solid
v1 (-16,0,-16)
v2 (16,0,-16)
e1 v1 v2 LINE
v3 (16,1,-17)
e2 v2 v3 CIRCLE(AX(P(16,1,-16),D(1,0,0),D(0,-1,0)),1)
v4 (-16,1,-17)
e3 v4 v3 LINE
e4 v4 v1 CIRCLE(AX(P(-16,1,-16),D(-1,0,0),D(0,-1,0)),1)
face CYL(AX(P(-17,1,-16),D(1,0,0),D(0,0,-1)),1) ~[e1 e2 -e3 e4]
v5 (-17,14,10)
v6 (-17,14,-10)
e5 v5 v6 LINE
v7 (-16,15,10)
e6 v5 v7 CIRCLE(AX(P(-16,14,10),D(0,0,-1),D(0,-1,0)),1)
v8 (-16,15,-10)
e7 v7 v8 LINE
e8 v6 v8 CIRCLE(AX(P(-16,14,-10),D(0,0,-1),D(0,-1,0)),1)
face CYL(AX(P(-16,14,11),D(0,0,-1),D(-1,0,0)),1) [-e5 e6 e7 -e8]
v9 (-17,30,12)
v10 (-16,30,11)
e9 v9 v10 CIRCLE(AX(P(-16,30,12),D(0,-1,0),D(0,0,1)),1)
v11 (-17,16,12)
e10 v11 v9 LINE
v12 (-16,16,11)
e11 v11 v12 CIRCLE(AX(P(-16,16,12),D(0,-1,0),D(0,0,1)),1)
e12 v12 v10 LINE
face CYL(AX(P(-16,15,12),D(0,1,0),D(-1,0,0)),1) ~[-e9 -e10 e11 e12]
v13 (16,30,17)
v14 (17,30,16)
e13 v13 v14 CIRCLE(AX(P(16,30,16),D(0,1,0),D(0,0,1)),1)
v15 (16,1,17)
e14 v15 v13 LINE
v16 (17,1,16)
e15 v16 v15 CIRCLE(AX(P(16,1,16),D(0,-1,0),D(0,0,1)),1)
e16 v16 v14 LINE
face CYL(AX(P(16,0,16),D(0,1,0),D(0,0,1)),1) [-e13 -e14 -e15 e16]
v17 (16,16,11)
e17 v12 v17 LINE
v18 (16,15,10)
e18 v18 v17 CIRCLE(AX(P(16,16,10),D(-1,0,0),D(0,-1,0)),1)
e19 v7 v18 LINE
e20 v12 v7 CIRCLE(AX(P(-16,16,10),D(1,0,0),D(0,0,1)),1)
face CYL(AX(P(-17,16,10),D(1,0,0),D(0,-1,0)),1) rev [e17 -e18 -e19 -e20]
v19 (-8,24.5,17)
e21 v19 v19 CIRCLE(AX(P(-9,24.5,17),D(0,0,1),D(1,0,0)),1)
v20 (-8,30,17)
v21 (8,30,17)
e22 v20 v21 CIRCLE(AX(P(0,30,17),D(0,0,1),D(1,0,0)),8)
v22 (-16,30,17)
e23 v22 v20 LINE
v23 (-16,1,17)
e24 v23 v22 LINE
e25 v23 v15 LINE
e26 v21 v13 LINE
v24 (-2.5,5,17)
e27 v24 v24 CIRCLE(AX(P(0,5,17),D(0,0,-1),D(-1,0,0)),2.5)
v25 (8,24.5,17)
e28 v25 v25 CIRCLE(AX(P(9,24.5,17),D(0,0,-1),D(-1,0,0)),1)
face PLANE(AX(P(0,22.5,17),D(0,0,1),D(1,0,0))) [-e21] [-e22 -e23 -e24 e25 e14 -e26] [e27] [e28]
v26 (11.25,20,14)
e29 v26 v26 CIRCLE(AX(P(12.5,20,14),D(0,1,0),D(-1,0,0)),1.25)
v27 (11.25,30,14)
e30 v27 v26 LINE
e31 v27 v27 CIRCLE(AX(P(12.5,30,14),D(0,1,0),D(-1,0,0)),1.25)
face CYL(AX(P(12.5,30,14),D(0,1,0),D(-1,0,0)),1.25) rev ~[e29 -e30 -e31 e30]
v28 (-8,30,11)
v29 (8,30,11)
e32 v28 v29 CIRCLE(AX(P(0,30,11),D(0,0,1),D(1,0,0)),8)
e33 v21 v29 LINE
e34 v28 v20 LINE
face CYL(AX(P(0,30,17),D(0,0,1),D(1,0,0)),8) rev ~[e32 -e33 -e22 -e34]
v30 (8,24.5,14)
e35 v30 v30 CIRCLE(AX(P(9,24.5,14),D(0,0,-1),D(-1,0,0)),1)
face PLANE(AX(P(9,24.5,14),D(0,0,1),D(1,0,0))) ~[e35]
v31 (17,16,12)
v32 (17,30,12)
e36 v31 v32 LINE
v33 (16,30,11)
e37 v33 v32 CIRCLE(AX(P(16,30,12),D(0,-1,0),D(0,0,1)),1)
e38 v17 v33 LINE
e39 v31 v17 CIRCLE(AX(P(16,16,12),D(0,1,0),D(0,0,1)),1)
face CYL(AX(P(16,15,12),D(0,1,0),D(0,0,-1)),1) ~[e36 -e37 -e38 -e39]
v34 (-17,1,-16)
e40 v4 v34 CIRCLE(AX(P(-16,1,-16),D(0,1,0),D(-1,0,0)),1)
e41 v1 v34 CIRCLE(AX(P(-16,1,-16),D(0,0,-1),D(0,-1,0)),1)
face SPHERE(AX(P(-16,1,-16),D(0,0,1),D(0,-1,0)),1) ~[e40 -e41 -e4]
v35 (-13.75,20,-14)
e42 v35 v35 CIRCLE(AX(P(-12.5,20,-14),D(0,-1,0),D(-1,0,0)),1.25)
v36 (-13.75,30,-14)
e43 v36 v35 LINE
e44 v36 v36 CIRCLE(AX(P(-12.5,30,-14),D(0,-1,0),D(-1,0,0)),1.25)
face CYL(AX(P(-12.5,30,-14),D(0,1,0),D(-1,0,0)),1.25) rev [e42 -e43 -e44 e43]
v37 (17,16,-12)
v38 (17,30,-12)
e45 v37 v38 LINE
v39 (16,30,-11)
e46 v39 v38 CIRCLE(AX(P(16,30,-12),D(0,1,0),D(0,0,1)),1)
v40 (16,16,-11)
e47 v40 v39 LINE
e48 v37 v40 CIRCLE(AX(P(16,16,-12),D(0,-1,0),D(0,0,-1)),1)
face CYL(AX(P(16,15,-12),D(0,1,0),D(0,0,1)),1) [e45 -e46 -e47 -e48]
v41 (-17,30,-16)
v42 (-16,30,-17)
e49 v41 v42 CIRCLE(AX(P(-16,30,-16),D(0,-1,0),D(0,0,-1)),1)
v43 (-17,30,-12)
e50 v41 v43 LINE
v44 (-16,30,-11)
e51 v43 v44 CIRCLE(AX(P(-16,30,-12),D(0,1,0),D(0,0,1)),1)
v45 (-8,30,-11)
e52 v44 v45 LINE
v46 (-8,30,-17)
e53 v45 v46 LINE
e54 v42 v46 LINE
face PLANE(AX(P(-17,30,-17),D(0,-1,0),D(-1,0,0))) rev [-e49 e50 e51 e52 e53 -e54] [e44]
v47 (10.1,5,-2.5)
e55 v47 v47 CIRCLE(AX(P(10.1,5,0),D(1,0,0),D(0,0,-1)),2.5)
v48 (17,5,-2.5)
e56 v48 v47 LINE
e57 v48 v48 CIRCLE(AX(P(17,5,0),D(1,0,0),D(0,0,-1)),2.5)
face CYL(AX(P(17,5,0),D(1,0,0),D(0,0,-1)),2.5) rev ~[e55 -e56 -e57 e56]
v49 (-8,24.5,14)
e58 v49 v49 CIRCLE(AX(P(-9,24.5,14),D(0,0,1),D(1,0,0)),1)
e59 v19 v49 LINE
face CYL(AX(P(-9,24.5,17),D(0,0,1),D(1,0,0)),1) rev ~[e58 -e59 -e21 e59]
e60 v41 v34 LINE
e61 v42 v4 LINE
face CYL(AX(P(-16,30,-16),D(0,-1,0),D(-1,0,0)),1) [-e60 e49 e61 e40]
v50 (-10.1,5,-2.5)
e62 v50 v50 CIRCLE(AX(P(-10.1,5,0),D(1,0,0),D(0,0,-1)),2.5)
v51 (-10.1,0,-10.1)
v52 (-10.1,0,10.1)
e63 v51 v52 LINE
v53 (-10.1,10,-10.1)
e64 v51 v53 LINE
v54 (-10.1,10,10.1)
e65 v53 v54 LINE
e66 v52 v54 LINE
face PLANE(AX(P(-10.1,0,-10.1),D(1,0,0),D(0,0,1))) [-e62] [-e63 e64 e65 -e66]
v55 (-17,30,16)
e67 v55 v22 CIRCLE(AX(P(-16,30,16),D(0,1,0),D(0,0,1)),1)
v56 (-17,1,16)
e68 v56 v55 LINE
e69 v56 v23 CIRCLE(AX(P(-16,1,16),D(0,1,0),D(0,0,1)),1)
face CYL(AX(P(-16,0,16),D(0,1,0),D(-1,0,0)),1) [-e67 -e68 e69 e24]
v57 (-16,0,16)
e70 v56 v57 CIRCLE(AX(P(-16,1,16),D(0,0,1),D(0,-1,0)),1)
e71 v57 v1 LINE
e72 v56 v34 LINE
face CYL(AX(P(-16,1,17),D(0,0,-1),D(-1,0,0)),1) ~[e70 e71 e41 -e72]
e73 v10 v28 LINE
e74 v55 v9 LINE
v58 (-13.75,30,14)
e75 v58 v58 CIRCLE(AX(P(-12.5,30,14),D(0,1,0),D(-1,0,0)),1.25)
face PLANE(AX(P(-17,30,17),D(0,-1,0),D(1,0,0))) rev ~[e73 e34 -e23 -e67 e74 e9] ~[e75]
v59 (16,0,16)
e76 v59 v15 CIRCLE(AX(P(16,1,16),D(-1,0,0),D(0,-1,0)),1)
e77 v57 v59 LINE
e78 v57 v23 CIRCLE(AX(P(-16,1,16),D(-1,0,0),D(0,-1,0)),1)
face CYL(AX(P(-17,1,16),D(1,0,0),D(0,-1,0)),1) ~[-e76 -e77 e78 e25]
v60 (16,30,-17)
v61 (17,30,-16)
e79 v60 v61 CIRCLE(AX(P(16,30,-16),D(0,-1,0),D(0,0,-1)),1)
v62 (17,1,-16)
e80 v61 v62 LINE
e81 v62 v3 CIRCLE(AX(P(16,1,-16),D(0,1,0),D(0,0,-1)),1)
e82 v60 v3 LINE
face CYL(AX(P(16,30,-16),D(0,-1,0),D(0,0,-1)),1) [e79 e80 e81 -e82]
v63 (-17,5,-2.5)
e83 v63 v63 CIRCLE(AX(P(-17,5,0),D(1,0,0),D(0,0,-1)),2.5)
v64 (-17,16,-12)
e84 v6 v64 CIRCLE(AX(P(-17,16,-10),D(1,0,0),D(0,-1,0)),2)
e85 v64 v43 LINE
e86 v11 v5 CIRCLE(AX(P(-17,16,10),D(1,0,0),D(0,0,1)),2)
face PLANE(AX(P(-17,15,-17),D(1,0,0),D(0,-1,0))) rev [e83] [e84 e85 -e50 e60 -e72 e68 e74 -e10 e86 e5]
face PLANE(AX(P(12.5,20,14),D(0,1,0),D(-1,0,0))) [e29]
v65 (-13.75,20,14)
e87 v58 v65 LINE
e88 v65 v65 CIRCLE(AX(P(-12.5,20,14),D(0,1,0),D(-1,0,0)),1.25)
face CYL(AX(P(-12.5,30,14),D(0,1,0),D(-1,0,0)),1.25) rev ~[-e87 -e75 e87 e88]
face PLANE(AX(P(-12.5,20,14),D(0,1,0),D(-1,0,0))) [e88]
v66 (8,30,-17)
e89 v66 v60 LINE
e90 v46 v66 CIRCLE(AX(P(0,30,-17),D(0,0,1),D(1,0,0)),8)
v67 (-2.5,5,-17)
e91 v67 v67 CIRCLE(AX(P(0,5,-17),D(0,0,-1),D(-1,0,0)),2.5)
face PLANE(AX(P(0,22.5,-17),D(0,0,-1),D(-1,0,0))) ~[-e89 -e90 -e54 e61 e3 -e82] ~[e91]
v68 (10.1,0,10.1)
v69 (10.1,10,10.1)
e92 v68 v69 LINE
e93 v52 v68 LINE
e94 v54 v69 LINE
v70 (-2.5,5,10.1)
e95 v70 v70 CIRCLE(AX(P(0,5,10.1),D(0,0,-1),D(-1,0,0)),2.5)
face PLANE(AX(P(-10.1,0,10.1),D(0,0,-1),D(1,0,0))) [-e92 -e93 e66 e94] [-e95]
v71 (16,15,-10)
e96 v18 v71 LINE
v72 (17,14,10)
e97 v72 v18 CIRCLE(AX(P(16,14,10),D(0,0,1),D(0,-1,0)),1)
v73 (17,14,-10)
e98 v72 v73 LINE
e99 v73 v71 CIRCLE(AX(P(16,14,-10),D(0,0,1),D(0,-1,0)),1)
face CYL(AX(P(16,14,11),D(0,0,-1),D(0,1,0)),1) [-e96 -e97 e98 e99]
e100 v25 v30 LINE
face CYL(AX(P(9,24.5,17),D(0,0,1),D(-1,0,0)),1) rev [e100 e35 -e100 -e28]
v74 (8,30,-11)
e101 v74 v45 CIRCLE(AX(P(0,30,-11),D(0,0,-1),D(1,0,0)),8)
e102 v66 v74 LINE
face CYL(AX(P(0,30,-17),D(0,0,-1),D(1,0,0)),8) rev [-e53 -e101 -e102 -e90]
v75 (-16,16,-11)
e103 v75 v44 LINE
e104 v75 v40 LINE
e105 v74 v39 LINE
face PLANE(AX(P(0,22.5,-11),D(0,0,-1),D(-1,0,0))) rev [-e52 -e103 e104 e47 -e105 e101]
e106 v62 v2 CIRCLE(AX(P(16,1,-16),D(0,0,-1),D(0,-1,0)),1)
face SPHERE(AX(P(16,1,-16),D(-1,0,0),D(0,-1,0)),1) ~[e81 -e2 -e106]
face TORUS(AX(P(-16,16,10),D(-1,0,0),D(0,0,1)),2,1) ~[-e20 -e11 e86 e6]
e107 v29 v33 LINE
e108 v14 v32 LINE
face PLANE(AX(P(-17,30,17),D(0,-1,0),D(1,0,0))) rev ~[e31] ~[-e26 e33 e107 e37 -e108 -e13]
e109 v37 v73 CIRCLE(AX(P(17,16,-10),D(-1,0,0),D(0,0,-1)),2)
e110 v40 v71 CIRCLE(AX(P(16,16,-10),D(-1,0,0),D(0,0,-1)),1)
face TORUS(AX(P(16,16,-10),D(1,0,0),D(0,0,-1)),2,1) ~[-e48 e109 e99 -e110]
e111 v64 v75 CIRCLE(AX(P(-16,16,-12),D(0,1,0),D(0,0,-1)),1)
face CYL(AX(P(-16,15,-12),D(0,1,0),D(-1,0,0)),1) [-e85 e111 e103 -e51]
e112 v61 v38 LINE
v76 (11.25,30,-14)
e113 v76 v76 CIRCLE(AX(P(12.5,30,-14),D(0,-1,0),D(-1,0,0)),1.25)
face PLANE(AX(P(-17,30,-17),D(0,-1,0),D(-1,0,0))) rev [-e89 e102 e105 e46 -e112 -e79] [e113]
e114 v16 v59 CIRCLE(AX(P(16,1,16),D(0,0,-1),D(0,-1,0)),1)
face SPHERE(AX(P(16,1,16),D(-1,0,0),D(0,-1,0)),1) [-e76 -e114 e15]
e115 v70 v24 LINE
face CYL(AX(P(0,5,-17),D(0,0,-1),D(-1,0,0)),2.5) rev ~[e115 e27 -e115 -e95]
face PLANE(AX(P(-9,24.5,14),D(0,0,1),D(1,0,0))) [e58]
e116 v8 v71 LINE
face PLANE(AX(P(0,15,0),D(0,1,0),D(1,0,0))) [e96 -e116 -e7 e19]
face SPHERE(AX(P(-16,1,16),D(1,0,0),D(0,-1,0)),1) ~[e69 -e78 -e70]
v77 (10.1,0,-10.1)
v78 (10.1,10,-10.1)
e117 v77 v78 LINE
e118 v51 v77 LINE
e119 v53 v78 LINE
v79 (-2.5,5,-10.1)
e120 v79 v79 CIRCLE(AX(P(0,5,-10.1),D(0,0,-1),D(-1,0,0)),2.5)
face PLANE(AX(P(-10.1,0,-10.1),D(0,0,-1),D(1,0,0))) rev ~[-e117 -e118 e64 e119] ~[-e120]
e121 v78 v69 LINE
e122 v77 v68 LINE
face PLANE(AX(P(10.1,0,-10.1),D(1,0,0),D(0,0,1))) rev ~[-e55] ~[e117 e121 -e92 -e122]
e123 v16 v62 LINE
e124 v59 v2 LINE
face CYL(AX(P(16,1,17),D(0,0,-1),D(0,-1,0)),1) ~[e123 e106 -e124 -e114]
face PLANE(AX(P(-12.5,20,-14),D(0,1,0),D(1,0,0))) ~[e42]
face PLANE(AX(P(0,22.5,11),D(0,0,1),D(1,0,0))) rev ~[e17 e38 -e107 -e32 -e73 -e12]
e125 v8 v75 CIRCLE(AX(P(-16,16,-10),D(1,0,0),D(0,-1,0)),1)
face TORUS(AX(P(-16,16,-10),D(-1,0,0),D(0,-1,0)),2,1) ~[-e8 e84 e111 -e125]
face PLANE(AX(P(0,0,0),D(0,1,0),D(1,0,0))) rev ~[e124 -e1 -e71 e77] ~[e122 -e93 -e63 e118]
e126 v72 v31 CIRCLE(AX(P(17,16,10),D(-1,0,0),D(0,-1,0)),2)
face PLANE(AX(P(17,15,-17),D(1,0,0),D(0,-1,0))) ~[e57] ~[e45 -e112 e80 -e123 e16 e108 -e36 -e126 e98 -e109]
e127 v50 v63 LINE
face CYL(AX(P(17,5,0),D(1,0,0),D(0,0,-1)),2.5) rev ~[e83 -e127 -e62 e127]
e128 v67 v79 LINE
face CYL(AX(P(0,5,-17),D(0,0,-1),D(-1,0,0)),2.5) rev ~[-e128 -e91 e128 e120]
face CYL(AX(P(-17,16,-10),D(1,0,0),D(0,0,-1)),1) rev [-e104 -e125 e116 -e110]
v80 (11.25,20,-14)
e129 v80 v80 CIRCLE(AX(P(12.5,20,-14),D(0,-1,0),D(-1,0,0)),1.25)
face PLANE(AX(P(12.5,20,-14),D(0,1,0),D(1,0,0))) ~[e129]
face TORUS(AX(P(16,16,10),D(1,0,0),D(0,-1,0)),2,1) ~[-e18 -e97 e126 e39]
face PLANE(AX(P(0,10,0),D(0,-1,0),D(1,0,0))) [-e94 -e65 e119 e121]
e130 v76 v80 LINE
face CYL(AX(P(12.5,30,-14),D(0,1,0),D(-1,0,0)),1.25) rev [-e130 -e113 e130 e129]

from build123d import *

# Parameters (mm, degrees)
SKETCH1_W           = 34
SKETCH1_H           = 34
BOSS_EXTRUDE1_DEPTH = 15
SKETCH2_W           = 20.2
SKETCH2_H           = 20.2
CUT_EXTRUDE1_DEPTH  = 10
SKETCH4_W           = 34
SKETCH4_H           = 15
BOSS_EXTRUDE2_DEPTH = 6
SKETCH7_R           = 8
CUT_EXTRUDE4_DEPTH  = 49.425200051
SKETCH17_R          = 1.25
CUT_EXTRUDE10_DEPTH = 10
SKETCH15_R          = 2.5
CUT_EXTRUDE8_DEPTH  = 49.425200051
SKETCH16_R          = 2.5
CUT_EXTRUDE9_DEPTH  = 49.425200051
FILLET2_R           = 1
SKETCH19_R          = 1
CUT_EXTRUDE12_DEPTH = 3


with BuildPart() as part:
    # Sketch1 → Boss-Extrude1 (new body)
    with BuildSketch(Plane(origin=(0, 0, 0), x_dir=(1, 0, 0), z_dir=(0, 1, 0))):
        Rectangle(SKETCH1_W, SKETCH1_H)
    extrude(amount=BOSS_EXTRUDE1_DEPTH)

    # Sketch2 → Cut-Extrude1 (cut)
    with BuildSketch(Plane.XZ):
        Rectangle(SKETCH2_W, SKETCH2_H)
    extrude(amount=-CUT_EXTRUDE1_DEPTH, mode=Mode.SUBTRACT)

    # Sketch4 → Boss-Extrude2 (add)
    with BuildSketch(Plane.XY.offset(17)):
        with Locations((0, 22.5)):
            Rectangle(SKETCH4_W, SKETCH4_H)
    boss_extrude2 = extrude(amount=-BOSS_EXTRUDE2_DEPTH)

    # Sketch7 → Cut-Extrude4 (cut, through all)
    with BuildSketch(Plane.XY.offset(17)):
        with Locations((0, 30)):
            Circle(SKETCH7_R)
    cut_extrude4 = extrude(amount=-CUT_EXTRUDE4_DEPTH, mode=Mode.SUBTRACT)

    # Sketch17 → Cut-Extrude10 (cut)
    with BuildSketch(Plane(origin=(0, 30, 0), x_dir=(1, 0, 0), z_dir=(0, 1, 0))):
        with Locations(Location((-12.5, -14, 0), (0, 0, 180))):
            Circle(SKETCH17_R)
        with Locations(Location((12.5, -14, 0), (0, 0, 180))):
            Circle(SKETCH17_R)
    cut_extrude10 = extrude(amount=-CUT_EXTRUDE10_DEPTH, mode=Mode.SUBTRACT)

    # Mirror1: Boss-Extrude2, Cut-Extrude4, Cut-Extrude10 across plane
    add(boss_extrude2.mirror(Plane.XY))
    add(cut_extrude4.mirror(Plane.XY), mode=Mode.SUBTRACT)
    add(cut_extrude10.mirror(Plane.XY), mode=Mode.SUBTRACT)

    # Sketch15 → Cut-Extrude8 (cut, through all)
    with BuildSketch(Plane(origin=(0, 0, -17), x_dir=(-1, 0, 0), z_dir=(0, 0, -1))):
        with Locations((0, 5)):
            Circle(SKETCH15_R)
    extrude(amount=-CUT_EXTRUDE8_DEPTH, mode=Mode.SUBTRACT)

    # Sketch16 → Cut-Extrude9 (cut, through all)
    with BuildSketch(Plane(origin=(17, 0, 0), x_dir=(0, 0, -1), z_dir=(1, 0, 0))):
        with Locations((0, 5)):
            Circle(SKETCH16_R)
    extrude(amount=-CUT_EXTRUDE9_DEPTH, mode=Mode.SUBTRACT)

    # Fillet2
    fillet2_edges = [part.edges().sort_by_distance(p)[0] for p in [
        (17, 15, 0),
        (17, 22.5, 11),
        (0, 15, 11),
        (-17, 22.5, 11),
        (0, 0, 17),
        (-17, 0, 0),
        (0, 0, -17),
        (17, 0, 0),
        (-17, 15, 0),
        (-17, 22.5, -11),
        (0, 15, -11),
        (17, 22.5, -11),
        (17, 15, 17),
        (-17, 15, 17),
        (-17, 15, -17),
        (17, 15, -17),
    ]]
    fillet(fillet2_edges, radius=FILLET2_R)

    # Sketch19 → Cut-Extrude12 (cut)
    with BuildSketch(Plane.XY.offset(17)):
        with Locations((-9, 24.5)):
            Circle(SKETCH19_R)
    cut_extrude12 = extrude(amount=-CUT_EXTRUDE12_DEPTH, mode=Mode.SUBTRACT)

    # Mirror2: Cut-Extrude12 across plane
    add(cut_extrude12.mirror(Plane(origin=(0, 0, 0), x_dir=(0, 0, 1), z_dir=(1, 0, 0))), mode=Mode.SUBTRACT)


solid = part.part
